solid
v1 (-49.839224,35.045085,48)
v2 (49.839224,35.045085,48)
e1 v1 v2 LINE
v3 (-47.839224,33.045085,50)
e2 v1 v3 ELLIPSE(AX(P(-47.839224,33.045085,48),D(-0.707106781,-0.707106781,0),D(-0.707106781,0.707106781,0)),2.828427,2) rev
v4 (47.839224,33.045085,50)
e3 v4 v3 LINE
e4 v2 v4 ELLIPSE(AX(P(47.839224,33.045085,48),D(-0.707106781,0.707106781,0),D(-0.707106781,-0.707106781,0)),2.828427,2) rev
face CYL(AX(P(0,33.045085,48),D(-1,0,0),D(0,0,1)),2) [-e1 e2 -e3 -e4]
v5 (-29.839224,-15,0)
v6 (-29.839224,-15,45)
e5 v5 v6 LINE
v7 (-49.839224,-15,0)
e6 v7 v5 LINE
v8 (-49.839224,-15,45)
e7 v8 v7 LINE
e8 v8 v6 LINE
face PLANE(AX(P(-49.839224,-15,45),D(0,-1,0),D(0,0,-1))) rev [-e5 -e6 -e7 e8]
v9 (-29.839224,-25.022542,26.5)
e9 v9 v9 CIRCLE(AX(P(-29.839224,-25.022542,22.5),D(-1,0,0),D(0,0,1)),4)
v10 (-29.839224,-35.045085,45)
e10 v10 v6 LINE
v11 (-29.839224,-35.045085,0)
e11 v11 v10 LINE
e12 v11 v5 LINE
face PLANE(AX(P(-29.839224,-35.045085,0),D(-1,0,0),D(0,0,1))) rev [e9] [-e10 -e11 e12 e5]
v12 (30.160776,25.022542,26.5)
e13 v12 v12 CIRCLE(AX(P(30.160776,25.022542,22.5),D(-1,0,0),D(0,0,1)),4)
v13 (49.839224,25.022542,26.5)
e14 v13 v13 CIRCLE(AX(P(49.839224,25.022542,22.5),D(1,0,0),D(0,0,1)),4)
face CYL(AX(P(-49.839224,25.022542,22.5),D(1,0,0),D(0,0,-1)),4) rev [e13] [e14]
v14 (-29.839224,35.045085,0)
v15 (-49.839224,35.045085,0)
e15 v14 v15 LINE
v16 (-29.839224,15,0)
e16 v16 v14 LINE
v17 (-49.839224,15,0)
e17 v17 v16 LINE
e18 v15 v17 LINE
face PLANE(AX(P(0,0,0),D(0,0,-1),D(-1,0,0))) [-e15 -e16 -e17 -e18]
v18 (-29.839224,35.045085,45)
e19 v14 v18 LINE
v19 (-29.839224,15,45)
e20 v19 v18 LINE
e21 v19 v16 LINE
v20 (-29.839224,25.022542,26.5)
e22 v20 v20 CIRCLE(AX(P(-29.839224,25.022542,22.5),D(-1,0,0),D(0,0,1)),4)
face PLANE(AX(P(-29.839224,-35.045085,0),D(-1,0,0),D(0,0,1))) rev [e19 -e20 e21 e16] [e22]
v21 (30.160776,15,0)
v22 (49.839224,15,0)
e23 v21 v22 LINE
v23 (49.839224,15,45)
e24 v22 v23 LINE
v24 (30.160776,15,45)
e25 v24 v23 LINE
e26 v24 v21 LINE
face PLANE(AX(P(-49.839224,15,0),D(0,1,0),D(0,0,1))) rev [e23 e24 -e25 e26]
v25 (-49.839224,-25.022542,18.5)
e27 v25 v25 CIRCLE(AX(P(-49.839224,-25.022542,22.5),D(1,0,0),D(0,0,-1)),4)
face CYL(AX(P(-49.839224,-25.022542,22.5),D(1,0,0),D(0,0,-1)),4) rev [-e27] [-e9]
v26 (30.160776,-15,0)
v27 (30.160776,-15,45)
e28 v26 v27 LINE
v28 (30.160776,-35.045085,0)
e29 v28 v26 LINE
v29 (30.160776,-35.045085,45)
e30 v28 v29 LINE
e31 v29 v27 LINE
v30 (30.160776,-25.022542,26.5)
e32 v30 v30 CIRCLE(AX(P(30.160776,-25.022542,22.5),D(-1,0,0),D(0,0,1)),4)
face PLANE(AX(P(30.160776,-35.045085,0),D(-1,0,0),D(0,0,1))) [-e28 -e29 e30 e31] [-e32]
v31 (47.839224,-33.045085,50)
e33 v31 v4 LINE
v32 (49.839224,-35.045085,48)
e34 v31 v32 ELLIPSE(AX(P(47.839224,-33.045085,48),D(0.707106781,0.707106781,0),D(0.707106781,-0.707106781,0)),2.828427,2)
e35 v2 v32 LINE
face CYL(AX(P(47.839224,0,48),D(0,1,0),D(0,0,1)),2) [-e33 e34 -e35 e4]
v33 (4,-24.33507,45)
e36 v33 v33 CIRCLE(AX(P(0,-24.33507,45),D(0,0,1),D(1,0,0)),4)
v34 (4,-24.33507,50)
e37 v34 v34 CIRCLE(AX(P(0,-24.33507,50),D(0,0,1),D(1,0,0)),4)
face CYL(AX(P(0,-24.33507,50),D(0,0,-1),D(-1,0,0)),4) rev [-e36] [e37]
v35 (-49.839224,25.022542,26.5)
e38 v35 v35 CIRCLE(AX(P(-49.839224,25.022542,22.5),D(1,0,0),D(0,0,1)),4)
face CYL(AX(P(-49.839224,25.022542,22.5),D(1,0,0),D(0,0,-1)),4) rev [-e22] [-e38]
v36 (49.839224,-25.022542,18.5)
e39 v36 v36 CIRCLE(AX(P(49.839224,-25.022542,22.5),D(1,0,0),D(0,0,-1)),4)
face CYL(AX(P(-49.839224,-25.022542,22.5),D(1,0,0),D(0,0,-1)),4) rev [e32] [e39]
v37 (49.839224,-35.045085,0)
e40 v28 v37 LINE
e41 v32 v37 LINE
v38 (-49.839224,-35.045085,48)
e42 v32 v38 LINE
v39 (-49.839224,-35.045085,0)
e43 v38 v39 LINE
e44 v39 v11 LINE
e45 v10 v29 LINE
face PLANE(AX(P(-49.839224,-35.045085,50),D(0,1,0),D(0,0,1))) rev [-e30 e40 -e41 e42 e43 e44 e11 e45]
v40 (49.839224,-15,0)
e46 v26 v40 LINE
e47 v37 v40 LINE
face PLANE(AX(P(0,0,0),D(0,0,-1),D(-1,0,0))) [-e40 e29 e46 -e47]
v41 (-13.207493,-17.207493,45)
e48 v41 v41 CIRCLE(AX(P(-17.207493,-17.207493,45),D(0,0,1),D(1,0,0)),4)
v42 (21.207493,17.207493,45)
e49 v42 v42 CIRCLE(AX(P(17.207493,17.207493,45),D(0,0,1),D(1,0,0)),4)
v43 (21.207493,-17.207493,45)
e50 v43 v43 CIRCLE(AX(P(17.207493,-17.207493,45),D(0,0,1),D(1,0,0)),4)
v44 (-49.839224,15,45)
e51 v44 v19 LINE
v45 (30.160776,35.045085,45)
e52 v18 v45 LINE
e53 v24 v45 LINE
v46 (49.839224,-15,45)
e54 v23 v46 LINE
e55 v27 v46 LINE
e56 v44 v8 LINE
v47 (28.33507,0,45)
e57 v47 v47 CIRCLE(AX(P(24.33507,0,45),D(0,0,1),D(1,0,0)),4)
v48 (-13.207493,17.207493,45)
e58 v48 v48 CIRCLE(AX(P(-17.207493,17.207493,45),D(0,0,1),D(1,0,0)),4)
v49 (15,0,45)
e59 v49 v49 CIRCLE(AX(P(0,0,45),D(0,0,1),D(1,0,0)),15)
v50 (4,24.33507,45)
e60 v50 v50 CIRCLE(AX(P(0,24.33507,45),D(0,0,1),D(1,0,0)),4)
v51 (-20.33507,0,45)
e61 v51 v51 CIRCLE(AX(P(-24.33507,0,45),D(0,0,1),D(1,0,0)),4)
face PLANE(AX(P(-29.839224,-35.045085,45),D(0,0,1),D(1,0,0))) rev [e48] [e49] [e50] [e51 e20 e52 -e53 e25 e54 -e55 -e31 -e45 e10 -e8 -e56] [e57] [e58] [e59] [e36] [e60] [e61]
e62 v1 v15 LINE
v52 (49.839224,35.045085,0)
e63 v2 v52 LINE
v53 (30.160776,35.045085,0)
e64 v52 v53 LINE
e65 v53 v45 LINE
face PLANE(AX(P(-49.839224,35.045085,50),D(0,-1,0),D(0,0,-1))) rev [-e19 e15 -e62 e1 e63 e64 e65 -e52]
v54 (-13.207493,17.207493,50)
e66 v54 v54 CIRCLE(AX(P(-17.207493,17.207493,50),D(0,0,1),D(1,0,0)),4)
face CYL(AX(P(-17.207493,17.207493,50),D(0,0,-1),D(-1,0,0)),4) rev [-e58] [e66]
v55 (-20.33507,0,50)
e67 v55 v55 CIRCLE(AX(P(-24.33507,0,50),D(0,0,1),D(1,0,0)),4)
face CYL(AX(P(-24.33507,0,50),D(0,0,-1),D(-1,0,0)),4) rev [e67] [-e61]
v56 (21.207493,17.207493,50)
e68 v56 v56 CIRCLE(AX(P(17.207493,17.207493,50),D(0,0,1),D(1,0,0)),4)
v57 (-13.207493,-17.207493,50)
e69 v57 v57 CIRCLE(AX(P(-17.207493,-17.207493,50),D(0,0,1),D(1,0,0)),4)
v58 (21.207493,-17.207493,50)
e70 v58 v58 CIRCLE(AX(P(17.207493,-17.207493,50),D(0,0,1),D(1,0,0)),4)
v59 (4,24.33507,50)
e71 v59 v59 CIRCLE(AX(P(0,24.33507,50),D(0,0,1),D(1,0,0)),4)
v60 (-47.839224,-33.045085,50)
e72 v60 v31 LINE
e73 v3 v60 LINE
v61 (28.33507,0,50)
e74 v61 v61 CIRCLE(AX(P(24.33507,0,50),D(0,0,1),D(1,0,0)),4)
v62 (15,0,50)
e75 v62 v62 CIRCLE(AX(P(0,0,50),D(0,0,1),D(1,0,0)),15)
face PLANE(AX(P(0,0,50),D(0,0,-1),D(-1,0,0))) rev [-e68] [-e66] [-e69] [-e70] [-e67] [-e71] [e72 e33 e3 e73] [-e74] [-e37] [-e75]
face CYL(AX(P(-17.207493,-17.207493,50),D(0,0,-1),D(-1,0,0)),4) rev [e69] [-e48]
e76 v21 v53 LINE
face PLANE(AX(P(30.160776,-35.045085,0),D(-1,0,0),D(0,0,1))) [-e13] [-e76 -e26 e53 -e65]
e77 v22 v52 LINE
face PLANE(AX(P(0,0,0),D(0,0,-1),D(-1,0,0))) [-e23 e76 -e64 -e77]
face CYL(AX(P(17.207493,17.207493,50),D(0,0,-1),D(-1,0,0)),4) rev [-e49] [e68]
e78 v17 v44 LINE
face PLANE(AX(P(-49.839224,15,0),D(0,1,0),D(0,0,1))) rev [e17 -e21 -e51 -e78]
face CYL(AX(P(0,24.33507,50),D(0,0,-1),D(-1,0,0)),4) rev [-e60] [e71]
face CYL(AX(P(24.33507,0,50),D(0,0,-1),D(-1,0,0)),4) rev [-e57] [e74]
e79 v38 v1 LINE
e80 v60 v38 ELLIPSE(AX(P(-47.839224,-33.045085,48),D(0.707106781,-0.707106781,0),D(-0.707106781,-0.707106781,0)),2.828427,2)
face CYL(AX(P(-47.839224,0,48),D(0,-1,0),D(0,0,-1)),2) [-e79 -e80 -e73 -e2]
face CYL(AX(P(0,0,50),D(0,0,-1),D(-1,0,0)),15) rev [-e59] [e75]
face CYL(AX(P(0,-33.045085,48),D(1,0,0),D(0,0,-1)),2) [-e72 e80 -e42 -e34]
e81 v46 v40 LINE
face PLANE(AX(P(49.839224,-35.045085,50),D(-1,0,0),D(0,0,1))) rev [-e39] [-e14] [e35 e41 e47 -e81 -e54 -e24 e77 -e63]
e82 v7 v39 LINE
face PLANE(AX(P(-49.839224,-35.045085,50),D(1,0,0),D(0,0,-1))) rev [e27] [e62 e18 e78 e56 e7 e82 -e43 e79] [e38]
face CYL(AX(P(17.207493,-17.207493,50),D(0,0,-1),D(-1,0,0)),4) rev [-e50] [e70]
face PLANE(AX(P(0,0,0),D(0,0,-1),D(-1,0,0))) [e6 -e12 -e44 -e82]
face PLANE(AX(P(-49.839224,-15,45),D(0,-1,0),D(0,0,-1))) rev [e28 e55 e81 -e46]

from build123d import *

# Parameters (mm, degrees)
ESBO_O1_W                  = 99.678448554
ESBO_O1_H                  = 70.090169096
ESBO_O1_R                  = 15
ESBO_O1_R_2                = 4
RESSALTO_EXTRUS_O1_DEPTH   = 50
CORTE_EXTRUS_O1_DEPTH      = 79.816915872
CORTE_EXTRUS_O1_DEPTH_BACK = 79.816915872
ESBO_O2_W                  = 60
ESBO_O2_H                  = 45
CORTE_EXTRUS_O2_DEPTH      = 79.816915872
CORTE_EXTRUS_O2_DEPTH_BACK = 79.816915872
CORTE_EXTRUS_O4_DEPTH      = 79.816915872
CORTE_EXTRUS_O4_DEPTH_BACK = 79.816915872
ESBO_O4_R                  = 4
FILETE4_R                  = 2


with BuildPart() as part:
    # Esboço1 → Ressalto-extrusão1 (new body)
    with BuildSketch(Plane.XY):
        Rectangle(ESBO_O1_W, ESBO_O1_H)
        Circle(ESBO_O1_R, mode=Mode.SUBTRACT)
        with Locations((24.33507008, 0)):
            Circle(ESBO_O1_R_2, mode=Mode.SUBTRACT)
        with Locations((17.207493074, -17.207493074)):
            Circle(ESBO_O1_R_2, mode=Mode.SUBTRACT)
        with Locations((0, -24.33507008)):
            Circle(ESBO_O1_R_2, mode=Mode.SUBTRACT)
        with Locations((-17.207493074, -17.207493074)):
            Circle(ESBO_O1_R_2, mode=Mode.SUBTRACT)
        with Locations((-24.33507008, 0)):
            Circle(ESBO_O1_R_2, mode=Mode.SUBTRACT)
        with Locations((-17.207493074, 17.207493074)):
            Circle(ESBO_O1_R_2, mode=Mode.SUBTRACT)
        with Locations((0, 24.33507008)):
            Circle(ESBO_O1_R_2, mode=Mode.SUBTRACT)
        with Locations((17.207493074, 17.207493074)):
            Circle(ESBO_O1_R_2, mode=Mode.SUBTRACT)
    extrude(amount=RESSALTO_EXTRUS_O1_DEPTH)

    # Esboço2 → Corte-extrusão1 (cut, two sides: drawn at the far end of the back side and taken through both)
    with BuildSketch(Plane(origin=(0, 0, 0), x_dir=(1, 0, 0), z_dir=(0, 1, 0)).offset(-CORTE_EXTRUS_O1_DEPTH_BACK)):
        with Locations((0.160775723, -22.5)):
            Rectangle(ESBO_O2_W, ESBO_O2_H)
    extrude(amount=CORTE_EXTRUS_O1_DEPTH + CORTE_EXTRUS_O1_DEPTH_BACK, mode=Mode.SUBTRACT)

    # Esboço3 → Corte-extrusão2 (cut, two sides: drawn at the far end of the back side and taken through both)
    with BuildSketch(Plane(origin=(0, 0, 0), x_dir=(0, 0, -1), z_dir=(1, 0, 0)).offset(-CORTE_EXTRUS_O2_DEPTH_BACK)):
        Polygon((0, 0), (0, 15), (-45, 15), (-45, -15), (0, -15), align=None)
    extrude(amount=CORTE_EXTRUS_O2_DEPTH + CORTE_EXTRUS_O2_DEPTH_BACK, mode=Mode.SUBTRACT)

    # Esboço4 → Corte-extrusão4 (cut, two sides: drawn at the far end of the back side and taken through both)
    with BuildSketch(Plane(origin=(0, 0, 0), x_dir=(0, 0, -1), z_dir=(1, 0, 0)).offset(-CORTE_EXTRUS_O4_DEPTH_BACK)):
        with Locations((-22.5, -25.022542274)):
            Circle(ESBO_O4_R)
        with Locations(Location((-22.5, 25.022542274, 0), (0, 0, 180))):
            Circle(ESBO_O4_R)
    extrude(amount=CORTE_EXTRUS_O4_DEPTH + CORTE_EXTRUS_O4_DEPTH_BACK, mode=Mode.SUBTRACT)

    # Filete4
    filete4_edges = [part.edges().sort_by_distance(p)[0] for p in [
        (-49.839224277, 0, 50),
        (0, -35.045084548, 50),
        (49.839224277, 0, 50),
        (0, 35.045084548, 50),
    ]]
    fillet(filete4_edges, radius=FILETE4_R)


solid = part.part
